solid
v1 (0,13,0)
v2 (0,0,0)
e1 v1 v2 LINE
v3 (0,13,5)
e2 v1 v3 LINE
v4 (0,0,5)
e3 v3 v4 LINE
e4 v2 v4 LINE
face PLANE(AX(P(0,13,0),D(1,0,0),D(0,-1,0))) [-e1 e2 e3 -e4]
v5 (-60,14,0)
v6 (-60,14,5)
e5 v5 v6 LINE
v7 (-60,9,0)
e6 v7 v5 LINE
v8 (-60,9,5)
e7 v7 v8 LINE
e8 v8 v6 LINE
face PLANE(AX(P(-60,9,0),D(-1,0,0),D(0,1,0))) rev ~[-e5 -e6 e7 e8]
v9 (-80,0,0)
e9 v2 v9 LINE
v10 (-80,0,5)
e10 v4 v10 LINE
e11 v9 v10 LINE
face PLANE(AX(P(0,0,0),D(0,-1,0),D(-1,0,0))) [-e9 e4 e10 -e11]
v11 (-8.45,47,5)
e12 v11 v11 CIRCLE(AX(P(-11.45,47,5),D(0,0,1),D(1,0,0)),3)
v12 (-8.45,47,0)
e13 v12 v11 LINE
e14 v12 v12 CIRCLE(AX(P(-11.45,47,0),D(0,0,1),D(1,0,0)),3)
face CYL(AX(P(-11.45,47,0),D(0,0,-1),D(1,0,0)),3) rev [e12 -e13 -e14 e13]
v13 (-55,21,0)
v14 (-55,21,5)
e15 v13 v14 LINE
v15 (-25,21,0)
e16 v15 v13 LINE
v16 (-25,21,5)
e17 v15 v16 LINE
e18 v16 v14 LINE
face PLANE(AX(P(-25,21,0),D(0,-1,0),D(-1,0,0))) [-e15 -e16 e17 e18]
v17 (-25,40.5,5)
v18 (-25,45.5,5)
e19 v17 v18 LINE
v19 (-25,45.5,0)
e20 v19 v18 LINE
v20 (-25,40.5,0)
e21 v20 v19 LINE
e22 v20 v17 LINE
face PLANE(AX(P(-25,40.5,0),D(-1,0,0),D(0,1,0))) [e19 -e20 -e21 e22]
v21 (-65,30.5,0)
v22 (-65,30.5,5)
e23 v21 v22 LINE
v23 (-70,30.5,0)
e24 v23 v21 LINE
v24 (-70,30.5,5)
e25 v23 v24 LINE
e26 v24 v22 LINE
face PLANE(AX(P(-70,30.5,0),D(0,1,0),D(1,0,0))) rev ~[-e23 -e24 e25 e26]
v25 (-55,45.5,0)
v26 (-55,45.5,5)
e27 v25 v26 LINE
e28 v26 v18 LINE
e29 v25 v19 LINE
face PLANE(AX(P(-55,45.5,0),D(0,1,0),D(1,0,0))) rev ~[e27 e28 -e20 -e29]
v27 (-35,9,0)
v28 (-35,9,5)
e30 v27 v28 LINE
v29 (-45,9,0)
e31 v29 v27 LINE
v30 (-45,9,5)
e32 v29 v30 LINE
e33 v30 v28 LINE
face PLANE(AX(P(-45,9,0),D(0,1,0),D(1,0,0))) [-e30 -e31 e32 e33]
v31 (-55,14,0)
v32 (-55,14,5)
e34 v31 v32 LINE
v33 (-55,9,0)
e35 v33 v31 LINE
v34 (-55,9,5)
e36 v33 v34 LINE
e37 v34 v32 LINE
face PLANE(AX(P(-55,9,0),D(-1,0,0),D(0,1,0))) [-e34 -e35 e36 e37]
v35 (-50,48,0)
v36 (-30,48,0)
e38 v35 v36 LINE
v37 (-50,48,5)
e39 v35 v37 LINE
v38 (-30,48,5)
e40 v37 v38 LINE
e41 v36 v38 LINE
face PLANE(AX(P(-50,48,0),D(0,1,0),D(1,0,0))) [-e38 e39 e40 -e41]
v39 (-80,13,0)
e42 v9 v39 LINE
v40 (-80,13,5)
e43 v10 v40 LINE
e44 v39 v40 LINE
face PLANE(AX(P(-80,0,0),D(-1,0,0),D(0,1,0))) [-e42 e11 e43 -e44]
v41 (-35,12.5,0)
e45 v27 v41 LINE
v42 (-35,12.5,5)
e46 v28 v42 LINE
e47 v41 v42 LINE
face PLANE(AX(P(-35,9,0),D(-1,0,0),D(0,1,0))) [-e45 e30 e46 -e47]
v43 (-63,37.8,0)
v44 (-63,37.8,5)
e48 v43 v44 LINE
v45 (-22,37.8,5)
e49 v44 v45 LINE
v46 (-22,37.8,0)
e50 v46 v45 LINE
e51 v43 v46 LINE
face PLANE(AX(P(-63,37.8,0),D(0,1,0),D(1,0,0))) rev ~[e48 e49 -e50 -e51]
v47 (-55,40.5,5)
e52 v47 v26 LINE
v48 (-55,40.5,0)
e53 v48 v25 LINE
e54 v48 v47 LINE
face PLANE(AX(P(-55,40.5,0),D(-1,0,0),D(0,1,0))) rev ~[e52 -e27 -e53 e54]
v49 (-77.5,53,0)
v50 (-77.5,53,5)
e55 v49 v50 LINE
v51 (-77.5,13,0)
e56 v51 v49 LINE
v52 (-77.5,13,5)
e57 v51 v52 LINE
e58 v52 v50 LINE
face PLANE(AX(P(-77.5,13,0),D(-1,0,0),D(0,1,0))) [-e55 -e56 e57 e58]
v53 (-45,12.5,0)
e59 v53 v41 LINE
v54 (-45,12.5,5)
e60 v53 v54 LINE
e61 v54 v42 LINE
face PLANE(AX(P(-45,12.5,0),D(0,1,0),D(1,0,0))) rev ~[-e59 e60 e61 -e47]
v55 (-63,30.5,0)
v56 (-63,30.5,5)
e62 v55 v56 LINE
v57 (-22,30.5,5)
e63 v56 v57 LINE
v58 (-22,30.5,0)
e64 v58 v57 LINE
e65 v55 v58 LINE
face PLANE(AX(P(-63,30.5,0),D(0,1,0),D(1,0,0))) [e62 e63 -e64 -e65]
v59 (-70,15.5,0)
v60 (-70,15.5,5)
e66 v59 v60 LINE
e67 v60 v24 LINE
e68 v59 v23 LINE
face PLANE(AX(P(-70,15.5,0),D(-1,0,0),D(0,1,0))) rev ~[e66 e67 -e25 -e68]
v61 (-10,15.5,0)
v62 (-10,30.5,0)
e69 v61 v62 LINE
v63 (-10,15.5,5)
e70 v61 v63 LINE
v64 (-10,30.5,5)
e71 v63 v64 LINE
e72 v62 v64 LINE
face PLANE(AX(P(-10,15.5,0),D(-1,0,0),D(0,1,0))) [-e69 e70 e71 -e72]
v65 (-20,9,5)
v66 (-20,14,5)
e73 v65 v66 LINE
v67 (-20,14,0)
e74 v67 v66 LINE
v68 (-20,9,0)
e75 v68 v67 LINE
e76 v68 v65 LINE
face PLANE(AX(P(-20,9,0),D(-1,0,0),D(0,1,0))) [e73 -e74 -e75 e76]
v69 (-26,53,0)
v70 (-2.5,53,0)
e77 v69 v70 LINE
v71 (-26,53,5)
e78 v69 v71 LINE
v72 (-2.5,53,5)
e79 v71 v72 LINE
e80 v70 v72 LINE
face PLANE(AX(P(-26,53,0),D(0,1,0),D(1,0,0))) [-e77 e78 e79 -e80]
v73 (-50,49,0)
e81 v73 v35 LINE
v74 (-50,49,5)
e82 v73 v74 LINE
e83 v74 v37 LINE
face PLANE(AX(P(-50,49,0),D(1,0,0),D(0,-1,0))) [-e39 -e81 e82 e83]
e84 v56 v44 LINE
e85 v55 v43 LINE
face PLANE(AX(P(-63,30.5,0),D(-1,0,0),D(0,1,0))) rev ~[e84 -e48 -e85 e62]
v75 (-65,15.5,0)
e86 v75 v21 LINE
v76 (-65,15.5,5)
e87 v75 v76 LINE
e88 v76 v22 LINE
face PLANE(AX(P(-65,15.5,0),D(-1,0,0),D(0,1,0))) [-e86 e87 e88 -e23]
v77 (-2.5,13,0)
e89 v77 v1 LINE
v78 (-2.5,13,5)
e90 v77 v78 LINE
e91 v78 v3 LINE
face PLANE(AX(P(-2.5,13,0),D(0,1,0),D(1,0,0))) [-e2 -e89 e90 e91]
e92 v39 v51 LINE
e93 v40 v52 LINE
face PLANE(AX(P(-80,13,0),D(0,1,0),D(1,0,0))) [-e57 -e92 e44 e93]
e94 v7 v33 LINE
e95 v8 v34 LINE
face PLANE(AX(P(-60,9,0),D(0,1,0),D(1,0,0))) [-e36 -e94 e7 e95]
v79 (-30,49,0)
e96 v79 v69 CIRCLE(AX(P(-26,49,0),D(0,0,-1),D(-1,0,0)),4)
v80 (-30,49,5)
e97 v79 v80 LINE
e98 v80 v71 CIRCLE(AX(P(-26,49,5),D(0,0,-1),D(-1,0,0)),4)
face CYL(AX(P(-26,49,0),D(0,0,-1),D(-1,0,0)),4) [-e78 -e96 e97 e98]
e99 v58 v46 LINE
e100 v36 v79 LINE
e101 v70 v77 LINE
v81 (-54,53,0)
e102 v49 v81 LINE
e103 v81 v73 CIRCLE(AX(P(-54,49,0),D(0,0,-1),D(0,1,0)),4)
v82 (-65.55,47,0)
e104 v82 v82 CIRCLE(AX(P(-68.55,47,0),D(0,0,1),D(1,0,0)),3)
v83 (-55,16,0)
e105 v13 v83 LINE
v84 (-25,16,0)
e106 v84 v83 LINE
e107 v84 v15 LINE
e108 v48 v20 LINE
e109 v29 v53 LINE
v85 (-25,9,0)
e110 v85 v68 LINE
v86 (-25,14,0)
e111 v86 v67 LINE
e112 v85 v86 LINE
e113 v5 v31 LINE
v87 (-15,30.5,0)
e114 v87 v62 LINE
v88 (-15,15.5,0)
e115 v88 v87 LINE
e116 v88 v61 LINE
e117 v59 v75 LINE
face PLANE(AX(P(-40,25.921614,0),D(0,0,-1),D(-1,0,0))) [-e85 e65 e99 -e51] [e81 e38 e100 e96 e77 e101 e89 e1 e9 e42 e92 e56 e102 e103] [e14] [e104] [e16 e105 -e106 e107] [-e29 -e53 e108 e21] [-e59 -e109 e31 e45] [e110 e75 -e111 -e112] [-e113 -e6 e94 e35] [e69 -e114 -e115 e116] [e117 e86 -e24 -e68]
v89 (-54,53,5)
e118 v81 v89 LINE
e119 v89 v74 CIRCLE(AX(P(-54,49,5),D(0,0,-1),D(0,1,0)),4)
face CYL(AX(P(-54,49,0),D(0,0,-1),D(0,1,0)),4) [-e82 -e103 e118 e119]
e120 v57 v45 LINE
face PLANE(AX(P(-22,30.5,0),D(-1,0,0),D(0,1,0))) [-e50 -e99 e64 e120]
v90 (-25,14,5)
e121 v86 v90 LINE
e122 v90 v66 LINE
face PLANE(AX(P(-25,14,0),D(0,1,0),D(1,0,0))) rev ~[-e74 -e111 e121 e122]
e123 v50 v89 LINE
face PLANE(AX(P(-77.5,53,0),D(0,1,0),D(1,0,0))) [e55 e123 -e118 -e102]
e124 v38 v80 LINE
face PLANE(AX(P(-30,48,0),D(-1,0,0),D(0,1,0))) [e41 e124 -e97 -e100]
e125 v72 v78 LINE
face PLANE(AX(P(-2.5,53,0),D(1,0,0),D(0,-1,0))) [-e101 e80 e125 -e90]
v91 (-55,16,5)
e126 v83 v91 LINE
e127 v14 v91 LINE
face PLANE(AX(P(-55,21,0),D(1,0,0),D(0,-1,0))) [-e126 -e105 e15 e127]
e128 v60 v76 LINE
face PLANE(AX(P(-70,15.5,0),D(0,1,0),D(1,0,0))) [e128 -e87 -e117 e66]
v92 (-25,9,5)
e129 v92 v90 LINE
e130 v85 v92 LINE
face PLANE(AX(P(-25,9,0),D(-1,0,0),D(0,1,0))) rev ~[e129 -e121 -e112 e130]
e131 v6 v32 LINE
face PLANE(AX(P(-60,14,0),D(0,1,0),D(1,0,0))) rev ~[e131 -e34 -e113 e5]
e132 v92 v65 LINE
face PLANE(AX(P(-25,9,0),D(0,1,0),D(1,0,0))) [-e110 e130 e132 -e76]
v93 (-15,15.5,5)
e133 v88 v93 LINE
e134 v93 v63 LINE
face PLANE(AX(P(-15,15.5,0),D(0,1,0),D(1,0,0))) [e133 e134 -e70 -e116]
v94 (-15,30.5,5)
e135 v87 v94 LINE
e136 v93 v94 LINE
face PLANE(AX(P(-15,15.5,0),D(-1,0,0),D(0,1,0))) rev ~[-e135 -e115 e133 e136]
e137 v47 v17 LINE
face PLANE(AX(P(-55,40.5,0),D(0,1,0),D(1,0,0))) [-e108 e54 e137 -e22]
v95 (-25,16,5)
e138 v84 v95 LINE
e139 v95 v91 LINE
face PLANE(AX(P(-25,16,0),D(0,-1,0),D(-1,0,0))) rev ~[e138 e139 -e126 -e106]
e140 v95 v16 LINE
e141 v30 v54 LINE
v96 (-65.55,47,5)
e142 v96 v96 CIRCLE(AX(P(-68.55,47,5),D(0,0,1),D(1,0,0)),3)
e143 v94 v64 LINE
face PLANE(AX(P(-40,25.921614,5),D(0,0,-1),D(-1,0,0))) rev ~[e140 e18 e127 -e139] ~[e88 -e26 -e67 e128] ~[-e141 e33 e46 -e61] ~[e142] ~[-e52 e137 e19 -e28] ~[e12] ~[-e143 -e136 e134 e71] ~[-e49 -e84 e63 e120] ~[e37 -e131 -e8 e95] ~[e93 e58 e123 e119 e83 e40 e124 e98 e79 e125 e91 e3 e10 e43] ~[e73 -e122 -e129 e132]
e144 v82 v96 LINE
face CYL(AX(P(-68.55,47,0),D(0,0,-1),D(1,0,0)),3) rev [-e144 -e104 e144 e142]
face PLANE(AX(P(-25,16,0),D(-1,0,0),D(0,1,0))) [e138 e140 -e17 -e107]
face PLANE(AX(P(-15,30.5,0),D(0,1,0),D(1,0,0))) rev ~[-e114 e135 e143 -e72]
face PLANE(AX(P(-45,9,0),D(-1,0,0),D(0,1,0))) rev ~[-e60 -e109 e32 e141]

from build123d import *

# Parameters (mm, degrees)
SKETCH_1_R      = 3
SKETCH_1_W      = 30
SKETCH_1_H      = 5
SKETCH_1_W_2    = 5
SKETCH_1_H_2    = 15
SKETCH_1_W_3    = 10
SKETCH_1_H_3    = 3.5
SKETCH_1_W_4    = 41
SKETCH_1_H_4    = 7.3
EXTRUDE_1_DEPTH = 5


with BuildPart() as part:
    # 草图1 → 凸台-拉伸1 (new body)
    with BuildSketch(Plane.XY):
        with BuildLine():
            Line((0, 0), (-80, 0))
            Line((-80, 0), (-80, 13))
            Line((-80, 13), (-77.5, 13))
            Line((-77.5, 13), (-77.5, 53))
            Line((-77.5, 53), (-54, 53))
            ThreePointArc((-54, 53), (-51.171572875, 51.828427125), (-50, 49))
            Line((-50, 49), (-50, 48))
            Line((-50, 48), (-30, 48))
            Line((-30, 48), (-30, 49))
            ThreePointArc((-30, 49), (-28.828427125, 51.828427125), (-26, 53))
            Line((-26, 53), (-2.5, 53))
            Line((-2.5, 53), (-2.5, 13))
            Line((-2.5, 13), (0, 13))
            Line((0, 13), (0, 0))
        make_face()
        with Locations((-68.55, 47)):
            Circle(SKETCH_1_R, mode=Mode.SUBTRACT)
        with Locations((-11.45, 47)):
            Circle(SKETCH_1_R, mode=Mode.SUBTRACT)
        with Locations((-40, 43)):
            Rectangle(SKETCH_1_W, SKETCH_1_H, mode=Mode.SUBTRACT)
        with Locations((-67.5, 23)):
            Rectangle(SKETCH_1_W_2, SKETCH_1_H_2, mode=Mode.SUBTRACT)
        with Locations((-12.5, 23)):
            Rectangle(SKETCH_1_W_2, SKETCH_1_H_2, mode=Mode.SUBTRACT)
        Polygon((-55, 16), (-50, 16), (-30, 16), (-25, 16), (-25, 21), (-55, 21), align=None, mode=Mode.SUBTRACT)
        with Locations((-57.5, 11.5)):
            Rectangle(SKETCH_1_W_2, SKETCH_1_H, mode=Mode.SUBTRACT)
        with Locations((-22.5, 11.5)):
            Rectangle(SKETCH_1_W_2, SKETCH_1_H, mode=Mode.SUBTRACT)
        with Locations((-40, 10.75)):
            Rectangle(SKETCH_1_W_3, SKETCH_1_H_3, mode=Mode.SUBTRACT)
        with Locations((-42.5, 34.15)):
            Rectangle(SKETCH_1_W_4, SKETCH_1_H_4, mode=Mode.SUBTRACT)
    extrude(amount=EXTRUDE_1_DEPTH)


solid = part.part
